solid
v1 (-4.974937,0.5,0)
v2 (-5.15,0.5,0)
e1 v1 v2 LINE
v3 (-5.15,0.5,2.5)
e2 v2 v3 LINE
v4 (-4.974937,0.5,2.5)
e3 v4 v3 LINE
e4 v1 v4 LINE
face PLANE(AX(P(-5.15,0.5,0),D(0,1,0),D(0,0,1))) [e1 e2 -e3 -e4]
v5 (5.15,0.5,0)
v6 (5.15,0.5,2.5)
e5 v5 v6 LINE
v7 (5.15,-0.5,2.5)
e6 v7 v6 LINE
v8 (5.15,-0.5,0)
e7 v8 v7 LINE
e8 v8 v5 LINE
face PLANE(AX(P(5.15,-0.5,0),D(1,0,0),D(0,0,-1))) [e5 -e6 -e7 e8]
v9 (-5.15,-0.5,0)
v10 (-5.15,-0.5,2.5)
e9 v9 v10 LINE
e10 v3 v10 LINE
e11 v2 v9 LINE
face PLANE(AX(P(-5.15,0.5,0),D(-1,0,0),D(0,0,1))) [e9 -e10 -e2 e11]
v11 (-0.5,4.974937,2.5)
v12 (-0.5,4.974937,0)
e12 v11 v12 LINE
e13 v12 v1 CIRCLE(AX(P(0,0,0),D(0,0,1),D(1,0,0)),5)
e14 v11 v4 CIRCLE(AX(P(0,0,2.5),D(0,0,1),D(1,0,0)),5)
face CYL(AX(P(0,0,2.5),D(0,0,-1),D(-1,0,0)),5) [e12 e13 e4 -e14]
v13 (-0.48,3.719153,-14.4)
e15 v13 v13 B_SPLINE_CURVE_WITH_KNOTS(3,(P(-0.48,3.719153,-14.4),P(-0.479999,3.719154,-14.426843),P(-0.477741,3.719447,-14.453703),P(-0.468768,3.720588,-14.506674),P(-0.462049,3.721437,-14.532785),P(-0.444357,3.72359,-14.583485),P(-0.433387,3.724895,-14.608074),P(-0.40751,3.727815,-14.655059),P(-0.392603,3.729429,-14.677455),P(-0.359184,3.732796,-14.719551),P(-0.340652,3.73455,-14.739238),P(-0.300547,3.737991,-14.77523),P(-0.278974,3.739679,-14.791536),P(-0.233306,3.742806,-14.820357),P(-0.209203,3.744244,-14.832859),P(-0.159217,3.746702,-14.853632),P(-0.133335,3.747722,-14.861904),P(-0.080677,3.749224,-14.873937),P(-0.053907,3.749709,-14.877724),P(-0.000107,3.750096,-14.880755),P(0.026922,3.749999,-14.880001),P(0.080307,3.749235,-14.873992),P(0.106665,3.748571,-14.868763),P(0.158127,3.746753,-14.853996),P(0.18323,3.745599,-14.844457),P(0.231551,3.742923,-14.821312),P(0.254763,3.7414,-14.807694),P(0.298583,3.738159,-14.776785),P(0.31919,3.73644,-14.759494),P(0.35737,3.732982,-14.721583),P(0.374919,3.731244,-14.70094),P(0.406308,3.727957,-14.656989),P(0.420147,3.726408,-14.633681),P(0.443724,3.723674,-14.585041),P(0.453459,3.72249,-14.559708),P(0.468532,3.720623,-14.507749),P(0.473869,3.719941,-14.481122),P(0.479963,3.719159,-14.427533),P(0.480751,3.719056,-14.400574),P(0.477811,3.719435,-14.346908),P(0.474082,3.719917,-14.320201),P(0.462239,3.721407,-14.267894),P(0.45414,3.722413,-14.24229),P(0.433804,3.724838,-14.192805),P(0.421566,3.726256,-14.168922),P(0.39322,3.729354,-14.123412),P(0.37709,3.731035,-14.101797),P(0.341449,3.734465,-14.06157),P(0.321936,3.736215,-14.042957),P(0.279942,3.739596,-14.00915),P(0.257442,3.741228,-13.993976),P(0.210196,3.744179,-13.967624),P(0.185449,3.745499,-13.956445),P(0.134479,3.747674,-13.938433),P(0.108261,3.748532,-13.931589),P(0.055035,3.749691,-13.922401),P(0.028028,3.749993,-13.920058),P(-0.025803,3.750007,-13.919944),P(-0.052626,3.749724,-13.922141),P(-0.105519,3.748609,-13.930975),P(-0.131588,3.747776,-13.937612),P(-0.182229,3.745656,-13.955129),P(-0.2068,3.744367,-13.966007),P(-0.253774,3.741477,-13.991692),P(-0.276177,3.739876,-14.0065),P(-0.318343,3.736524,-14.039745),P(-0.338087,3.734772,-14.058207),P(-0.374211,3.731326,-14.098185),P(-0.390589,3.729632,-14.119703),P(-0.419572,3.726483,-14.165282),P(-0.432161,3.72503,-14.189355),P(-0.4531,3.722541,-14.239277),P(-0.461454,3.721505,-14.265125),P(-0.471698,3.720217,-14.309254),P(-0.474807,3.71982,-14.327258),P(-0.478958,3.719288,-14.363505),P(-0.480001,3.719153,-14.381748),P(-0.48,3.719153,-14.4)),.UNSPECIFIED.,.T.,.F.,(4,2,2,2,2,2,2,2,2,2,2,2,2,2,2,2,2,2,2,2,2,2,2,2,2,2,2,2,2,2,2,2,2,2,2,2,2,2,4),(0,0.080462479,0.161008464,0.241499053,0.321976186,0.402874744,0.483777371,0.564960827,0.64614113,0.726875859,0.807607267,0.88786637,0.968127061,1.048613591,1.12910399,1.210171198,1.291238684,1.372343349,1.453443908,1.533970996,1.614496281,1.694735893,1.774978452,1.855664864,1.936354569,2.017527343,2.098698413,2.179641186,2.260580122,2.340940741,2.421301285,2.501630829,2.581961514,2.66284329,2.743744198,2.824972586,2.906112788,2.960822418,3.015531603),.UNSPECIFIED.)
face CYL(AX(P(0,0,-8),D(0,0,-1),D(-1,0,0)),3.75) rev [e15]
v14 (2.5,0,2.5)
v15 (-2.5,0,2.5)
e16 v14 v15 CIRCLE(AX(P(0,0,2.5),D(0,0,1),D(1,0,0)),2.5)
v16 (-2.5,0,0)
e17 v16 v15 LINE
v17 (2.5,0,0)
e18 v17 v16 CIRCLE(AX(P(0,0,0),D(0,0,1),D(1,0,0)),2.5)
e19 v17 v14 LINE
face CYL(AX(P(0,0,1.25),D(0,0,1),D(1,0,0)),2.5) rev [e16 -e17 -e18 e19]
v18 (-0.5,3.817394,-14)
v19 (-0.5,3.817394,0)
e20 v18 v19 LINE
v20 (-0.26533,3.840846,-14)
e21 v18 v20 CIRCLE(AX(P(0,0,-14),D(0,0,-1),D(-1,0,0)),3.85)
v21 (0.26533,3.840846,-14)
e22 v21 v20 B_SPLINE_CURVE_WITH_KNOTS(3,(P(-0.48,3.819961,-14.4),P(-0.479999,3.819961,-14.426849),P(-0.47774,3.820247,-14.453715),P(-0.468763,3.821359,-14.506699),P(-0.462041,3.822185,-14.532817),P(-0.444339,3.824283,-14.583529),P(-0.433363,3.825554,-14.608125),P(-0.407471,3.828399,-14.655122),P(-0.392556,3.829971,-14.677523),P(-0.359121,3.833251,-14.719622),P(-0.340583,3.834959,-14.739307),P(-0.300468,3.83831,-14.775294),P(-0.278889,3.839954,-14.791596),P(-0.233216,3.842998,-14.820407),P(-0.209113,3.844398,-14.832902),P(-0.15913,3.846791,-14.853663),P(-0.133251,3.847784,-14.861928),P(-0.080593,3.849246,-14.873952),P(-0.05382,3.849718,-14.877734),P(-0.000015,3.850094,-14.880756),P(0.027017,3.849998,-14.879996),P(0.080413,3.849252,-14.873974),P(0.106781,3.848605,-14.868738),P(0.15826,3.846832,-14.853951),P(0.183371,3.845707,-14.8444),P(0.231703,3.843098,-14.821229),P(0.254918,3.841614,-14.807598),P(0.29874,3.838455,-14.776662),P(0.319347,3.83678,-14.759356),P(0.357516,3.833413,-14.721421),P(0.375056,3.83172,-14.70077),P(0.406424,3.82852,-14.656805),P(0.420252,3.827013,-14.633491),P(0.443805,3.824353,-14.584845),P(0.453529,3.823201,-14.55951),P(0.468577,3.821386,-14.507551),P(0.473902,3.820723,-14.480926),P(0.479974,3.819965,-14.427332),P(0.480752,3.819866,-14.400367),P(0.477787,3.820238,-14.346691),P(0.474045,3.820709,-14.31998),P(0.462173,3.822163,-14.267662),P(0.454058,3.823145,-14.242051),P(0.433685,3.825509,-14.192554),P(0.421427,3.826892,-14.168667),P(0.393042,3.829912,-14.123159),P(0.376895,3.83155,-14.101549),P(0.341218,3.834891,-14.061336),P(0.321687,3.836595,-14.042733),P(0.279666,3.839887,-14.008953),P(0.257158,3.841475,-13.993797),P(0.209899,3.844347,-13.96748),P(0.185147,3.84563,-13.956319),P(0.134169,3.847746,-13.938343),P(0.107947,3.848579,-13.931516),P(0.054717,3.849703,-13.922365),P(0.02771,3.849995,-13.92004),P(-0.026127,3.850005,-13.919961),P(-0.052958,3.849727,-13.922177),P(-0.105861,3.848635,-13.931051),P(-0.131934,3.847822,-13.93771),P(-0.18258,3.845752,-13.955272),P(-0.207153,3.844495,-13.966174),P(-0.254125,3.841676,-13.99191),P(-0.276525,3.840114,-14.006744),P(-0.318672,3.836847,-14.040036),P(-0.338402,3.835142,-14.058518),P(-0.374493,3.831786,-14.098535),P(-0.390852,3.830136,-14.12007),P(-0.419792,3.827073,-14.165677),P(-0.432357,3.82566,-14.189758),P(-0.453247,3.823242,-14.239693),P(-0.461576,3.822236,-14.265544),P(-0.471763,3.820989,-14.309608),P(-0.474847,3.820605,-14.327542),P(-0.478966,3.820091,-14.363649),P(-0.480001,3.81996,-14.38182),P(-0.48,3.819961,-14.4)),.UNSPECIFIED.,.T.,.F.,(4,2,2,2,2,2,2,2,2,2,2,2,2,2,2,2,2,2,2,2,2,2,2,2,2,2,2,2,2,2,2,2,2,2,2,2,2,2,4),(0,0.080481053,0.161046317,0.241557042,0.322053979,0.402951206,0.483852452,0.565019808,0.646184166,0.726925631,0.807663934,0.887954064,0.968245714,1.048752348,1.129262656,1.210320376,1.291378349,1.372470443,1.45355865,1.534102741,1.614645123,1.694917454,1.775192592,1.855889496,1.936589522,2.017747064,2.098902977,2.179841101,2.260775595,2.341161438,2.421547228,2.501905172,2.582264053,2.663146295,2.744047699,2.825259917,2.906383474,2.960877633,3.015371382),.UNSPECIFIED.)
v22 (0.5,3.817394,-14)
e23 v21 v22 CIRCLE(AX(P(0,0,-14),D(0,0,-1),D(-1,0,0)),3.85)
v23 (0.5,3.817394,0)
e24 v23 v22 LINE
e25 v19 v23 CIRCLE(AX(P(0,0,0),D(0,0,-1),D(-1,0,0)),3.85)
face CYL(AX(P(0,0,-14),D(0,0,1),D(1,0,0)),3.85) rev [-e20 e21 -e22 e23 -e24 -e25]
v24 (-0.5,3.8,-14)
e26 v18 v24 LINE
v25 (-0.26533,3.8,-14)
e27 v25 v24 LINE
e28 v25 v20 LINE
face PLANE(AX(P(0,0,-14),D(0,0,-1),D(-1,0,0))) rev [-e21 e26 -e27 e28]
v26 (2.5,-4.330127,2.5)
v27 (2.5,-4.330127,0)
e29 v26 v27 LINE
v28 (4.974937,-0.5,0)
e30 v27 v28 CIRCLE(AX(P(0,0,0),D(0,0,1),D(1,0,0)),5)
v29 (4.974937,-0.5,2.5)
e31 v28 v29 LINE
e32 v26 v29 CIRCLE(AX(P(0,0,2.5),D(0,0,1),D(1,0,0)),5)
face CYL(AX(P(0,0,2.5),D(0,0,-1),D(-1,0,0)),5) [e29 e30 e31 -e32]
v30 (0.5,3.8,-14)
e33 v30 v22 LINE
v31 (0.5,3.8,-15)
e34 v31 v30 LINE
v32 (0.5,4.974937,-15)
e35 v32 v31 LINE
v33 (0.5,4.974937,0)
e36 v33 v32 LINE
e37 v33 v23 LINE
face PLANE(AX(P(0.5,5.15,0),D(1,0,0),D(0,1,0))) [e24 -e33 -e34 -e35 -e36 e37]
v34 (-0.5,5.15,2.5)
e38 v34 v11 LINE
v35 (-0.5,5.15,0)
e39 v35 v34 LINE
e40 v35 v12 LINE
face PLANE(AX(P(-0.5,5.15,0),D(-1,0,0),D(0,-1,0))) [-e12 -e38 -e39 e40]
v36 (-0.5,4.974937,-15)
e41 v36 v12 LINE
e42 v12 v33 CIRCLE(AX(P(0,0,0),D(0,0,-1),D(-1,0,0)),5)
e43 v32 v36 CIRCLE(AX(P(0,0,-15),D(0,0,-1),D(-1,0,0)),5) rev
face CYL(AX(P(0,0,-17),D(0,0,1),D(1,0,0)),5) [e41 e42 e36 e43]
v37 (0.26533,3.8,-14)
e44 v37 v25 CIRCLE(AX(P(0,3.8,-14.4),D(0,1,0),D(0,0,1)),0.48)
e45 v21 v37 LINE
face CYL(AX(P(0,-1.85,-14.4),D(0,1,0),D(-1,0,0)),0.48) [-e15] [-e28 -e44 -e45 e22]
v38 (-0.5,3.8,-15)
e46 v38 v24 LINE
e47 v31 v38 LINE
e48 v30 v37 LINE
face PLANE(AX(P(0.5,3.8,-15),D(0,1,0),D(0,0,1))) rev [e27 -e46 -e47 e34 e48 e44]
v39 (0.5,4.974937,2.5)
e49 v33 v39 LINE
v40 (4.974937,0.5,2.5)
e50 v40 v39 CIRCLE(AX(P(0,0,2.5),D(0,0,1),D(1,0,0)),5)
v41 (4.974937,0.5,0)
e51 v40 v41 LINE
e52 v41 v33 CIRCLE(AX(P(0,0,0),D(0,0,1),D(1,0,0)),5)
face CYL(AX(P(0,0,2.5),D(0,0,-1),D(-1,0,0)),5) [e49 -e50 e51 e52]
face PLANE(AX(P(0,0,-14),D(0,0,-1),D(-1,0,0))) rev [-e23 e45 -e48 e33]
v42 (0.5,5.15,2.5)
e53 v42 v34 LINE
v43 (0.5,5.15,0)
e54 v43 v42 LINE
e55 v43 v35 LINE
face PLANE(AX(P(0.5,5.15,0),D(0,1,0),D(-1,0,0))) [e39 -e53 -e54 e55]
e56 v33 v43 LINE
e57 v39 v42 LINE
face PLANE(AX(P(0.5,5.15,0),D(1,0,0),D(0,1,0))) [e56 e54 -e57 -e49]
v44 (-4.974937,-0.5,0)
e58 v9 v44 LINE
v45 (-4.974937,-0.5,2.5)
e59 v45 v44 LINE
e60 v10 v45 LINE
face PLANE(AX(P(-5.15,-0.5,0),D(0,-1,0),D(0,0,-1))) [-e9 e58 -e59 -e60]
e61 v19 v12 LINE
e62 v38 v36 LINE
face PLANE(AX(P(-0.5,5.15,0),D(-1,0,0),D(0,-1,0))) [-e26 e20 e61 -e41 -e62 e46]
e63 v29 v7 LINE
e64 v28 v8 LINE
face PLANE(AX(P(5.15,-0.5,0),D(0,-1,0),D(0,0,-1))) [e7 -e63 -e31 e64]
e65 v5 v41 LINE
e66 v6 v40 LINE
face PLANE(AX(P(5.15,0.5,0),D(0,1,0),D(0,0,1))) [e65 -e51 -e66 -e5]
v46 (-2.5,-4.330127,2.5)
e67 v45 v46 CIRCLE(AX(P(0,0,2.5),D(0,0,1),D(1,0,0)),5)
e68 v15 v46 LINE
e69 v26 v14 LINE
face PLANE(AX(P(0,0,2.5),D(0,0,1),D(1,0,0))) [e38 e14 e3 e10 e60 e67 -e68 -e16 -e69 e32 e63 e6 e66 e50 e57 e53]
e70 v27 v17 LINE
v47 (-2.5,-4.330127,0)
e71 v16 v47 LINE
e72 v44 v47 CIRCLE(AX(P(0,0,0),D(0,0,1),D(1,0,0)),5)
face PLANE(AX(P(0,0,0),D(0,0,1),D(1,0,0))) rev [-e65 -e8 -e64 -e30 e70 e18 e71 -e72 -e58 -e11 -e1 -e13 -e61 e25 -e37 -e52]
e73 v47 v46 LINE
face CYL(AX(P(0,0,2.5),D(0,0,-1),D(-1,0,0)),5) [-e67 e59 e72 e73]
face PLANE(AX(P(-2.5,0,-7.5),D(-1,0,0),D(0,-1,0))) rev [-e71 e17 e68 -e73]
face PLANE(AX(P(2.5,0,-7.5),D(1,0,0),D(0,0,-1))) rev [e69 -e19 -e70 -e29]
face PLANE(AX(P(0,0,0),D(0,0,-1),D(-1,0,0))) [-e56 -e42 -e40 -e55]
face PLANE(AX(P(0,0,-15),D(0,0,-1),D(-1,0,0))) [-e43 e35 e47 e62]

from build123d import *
from build123d.topology import SkipClean

# Parameters (mm, degrees)
SKETCH1_R           = 5
BOSS_EXTRUDE1_DEPTH = 2.5
SKETCH6_W           = 0.25
SKETCH6_H           = 1
BOSS_EXTRUDE4_DEPTH = 2.5
CIRPATTERN1_COUNT   = 4
SKETCH8_R           = 2.5
CUT_EXTRUDE3_DEPTH  = 1.25
SKETCH9_W           = 1
SKETCH9_H           = 1.35
BOSS_EXTRUDE5_DEPTH = 15
SKETCH11_R          = 3.85
CUT_EXTRUDE4_DEPTH  = 14
SKETCH12_R          = 0.48
BOSS_EXTRUDE6_DEPTH = 7
SKETCH13_R          = 3.75
CUT_EXTRUDE5_DEPTH  = 7
CUT_EXTRUDE6_START  = 17
SKETCH14_R          = 6.794989929
SKETCH14_R_2        = 5
CUT_EXTRUDE6_DEPTH  = 17
CUT_EXTRUDE7_DEPTH  = 10


with BuildPart() as part:
    # Sketch1 → Boss-Extrude1 (new body)
    with BuildSketch(Plane.XY):
        Circle(SKETCH1_R)
    extrude(amount=BOSS_EXTRUDE1_DEPTH)

    # Sketch6 → Boss-Extrude4 (add)
    with BuildSketch(Plane.XY.offset(2.5)):
        with Locations((-5.025, 0)):
            Rectangle(SKETCH6_W, SKETCH6_H)
    boss_extrude4 = extrude(amount=-BOSS_EXTRUDE4_DEPTH)

    # CirPattern1: Boss-Extrude4 ×4 about axis
    cirpattern1_axis = Axis((0, 0, 0), (0, 0, 1))
    for i in range(1, CIRPATTERN1_COUNT):
        add(boss_extrude4.rotate(cirpattern1_axis, i * 360 / CIRPATTERN1_COUNT))

    # Sketch8 → Cut-Extrude3 (cut)
    with BuildSketch(Plane.XY.offset(2.5)):
        Circle(SKETCH8_R)
    extrude(amount=-CUT_EXTRUDE3_DEPTH, mode=Mode.SUBTRACT)

    # Sketch9 → Boss-Extrude5 (add)
    with BuildSketch(Plane(origin=(0, 0, 0), x_dir=(-1, 0, 0), z_dir=(0, 0, -1))):
        with Locations((0, 4.475)):
            Rectangle(SKETCH9_W, SKETCH9_H)
    extrude(amount=BOSS_EXTRUDE5_DEPTH)

    # Sketch11 → Cut-Extrude4 (cut)
    with BuildSketch(Plane(origin=(0, 0, 0), x_dir=(-1, 0, 0), z_dir=(0, 0, -1))):
        Circle(SKETCH11_R)
    extrude(amount=CUT_EXTRUDE4_DEPTH, mode=Mode.SUBTRACT)

    # Sketch12 → Boss-Extrude6 (add)
    with BuildSketch(Plane(origin=(0, 5.15, 0), x_dir=(1, 0, 0), z_dir=(0, 1, 0))):
        with Locations(Location((0, 14.4, 0), (0, 0, 180))):
            Circle(SKETCH12_R)
    extrude(amount=-BOSS_EXTRUDE6_DEPTH)

    # Sketch13 → Cut-Extrude5 (cut)
    with BuildSketch(Plane(origin=(0, 0, -15), x_dir=(-1, 0, 0), z_dir=(0, 0, -1))):
        Circle(SKETCH13_R)
    extrude(amount=-CUT_EXTRUDE5_DEPTH, mode=Mode.SUBTRACT)

    # Sketch14 → Cut-Extrude6 (cut)
    with BuildSketch(Plane(origin=(0, 0, 0), x_dir=(-1, 0, 0), z_dir=(0, 0, -1)).offset(CUT_EXTRUDE6_START)):
        Circle(SKETCH14_R)
        Circle(SKETCH14_R_2, mode=Mode.SUBTRACT)
    extrude(amount=-CUT_EXTRUDE6_DEPTH, mode=Mode.SUBTRACT)

    # Sketch15 → Cut-Extrude7 (cut)
    with SkipClean():  # the faces are left unmerged after this step: merging them gives an invalid solid
        with BuildSketch(Plane.XY.offset(2.5)):
            with BuildLine():
                Line((2.5, 0), (2.5, -5))
                ThreePointArc((2.5, -5), (0, -7.5), (-2.5, -5))
                Line((-2.5, -5), (-2.5, 0))
                ThreePointArc((-2.5, 0), (0, 2.5), (2.5, 0))
            make_face()
        extrude(amount=-CUT_EXTRUDE7_DEPTH, mode=Mode.SUBTRACT)


solid = part.part
